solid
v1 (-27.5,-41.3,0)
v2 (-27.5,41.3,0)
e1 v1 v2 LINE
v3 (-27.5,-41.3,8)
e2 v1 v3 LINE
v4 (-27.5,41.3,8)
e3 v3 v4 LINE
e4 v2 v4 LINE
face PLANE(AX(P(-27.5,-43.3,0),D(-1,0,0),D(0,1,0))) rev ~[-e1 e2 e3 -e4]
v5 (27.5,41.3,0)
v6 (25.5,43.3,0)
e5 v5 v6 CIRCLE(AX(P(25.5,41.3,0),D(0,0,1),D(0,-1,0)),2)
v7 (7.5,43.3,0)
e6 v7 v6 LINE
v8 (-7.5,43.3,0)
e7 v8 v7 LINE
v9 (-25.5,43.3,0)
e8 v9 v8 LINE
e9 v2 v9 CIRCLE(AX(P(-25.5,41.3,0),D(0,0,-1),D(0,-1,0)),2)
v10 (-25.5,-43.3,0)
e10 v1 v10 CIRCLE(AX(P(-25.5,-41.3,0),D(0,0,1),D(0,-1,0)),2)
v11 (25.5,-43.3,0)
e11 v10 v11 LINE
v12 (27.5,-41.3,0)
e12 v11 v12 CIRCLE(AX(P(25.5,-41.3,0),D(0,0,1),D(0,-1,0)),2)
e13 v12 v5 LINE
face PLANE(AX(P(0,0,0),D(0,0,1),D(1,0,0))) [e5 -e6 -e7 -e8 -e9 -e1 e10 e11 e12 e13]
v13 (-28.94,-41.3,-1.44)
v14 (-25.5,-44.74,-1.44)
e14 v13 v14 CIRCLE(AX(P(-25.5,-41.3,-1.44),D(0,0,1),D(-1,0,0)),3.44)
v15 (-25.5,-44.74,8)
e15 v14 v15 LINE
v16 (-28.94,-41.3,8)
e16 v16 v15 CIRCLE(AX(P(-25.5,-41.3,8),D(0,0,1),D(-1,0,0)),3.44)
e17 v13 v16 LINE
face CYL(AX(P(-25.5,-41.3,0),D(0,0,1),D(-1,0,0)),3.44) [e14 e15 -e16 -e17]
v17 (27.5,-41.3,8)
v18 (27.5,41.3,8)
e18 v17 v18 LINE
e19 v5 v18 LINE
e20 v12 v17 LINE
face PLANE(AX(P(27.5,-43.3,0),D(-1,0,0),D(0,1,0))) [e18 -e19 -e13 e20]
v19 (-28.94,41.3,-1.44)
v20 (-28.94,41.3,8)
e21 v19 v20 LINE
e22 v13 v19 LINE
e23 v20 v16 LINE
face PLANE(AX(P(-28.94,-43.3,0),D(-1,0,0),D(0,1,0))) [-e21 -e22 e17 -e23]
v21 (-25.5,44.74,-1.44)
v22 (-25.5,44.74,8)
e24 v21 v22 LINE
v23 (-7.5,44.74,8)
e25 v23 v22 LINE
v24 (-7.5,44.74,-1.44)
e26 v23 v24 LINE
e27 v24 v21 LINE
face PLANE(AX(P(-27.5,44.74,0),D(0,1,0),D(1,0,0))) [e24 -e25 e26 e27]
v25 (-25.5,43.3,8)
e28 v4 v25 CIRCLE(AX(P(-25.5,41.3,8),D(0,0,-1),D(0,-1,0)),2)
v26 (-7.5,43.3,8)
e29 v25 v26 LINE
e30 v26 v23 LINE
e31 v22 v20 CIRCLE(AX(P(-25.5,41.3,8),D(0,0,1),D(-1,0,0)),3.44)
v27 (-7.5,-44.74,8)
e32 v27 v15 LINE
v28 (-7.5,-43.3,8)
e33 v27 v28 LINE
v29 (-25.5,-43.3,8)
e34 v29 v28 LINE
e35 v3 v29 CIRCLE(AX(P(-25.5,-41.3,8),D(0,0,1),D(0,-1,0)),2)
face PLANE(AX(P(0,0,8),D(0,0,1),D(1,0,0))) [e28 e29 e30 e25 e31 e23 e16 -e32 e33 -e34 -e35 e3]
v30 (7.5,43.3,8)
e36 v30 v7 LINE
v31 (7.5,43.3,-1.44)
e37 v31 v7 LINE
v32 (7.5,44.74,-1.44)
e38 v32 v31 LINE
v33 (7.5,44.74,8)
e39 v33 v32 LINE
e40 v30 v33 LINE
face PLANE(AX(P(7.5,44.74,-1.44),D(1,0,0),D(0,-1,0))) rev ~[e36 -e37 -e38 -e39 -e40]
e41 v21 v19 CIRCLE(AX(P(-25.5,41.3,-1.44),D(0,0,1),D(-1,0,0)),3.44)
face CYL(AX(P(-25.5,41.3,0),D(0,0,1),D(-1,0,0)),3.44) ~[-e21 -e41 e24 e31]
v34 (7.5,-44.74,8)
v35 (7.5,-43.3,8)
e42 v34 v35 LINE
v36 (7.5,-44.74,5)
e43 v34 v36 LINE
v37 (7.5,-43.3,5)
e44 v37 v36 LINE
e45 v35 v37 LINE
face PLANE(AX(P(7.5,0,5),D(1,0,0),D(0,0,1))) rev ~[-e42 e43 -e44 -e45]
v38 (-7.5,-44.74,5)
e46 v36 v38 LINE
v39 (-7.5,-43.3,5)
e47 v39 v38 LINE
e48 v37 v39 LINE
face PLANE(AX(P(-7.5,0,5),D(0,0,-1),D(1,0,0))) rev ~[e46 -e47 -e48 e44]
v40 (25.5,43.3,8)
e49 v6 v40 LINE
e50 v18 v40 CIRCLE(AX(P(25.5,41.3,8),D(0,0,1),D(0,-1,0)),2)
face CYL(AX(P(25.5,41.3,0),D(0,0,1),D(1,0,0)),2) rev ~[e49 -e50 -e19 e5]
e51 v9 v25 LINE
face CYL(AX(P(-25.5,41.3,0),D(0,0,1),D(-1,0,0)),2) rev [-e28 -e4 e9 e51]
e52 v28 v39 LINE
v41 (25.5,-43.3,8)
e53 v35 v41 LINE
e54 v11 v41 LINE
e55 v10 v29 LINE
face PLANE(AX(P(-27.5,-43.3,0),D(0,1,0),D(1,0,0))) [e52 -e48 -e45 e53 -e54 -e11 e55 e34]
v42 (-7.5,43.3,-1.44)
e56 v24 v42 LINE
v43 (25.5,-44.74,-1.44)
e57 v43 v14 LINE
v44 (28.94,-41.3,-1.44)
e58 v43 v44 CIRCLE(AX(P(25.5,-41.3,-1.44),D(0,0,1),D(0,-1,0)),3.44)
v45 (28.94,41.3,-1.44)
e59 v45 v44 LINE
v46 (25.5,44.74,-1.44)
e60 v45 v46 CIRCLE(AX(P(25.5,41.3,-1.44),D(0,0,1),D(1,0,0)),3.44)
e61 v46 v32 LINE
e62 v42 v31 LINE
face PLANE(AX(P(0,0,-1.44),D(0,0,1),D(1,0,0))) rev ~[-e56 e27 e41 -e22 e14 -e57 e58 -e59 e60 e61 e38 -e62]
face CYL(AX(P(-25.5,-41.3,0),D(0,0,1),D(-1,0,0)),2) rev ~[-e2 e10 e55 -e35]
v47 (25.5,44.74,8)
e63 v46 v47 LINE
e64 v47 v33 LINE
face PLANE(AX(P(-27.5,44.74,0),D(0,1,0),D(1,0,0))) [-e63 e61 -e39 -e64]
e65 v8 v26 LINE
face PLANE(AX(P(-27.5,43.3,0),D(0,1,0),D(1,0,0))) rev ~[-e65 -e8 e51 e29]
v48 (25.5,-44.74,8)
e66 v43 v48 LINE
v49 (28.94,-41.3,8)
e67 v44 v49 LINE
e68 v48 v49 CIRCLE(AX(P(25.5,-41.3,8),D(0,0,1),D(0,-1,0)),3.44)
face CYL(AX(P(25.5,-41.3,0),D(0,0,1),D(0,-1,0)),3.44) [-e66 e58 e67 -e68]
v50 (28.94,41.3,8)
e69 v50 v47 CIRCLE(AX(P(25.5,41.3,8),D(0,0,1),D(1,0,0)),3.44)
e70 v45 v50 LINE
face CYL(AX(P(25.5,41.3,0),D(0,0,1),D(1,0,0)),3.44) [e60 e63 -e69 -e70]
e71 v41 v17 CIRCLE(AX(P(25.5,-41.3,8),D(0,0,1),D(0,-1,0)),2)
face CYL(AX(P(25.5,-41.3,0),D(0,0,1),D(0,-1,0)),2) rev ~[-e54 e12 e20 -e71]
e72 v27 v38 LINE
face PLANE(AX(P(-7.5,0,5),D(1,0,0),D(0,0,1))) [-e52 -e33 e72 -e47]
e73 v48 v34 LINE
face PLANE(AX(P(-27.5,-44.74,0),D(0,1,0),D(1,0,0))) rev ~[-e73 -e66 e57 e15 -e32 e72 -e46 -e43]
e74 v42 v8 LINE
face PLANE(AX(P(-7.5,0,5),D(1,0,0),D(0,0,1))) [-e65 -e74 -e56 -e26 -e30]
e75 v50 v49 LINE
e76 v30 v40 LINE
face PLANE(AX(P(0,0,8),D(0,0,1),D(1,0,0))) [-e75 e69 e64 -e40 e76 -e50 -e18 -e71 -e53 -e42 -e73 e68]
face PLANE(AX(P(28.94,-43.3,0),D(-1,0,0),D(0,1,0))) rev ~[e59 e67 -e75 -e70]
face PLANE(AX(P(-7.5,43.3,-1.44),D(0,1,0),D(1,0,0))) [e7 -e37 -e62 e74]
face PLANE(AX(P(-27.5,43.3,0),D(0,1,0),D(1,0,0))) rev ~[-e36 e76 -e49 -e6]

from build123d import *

# Parameters (mm, degrees)
F0_W     = 55
F0_H     = 86.6
F1_DEPTH = 8
F2_R     = 2
F3_T     = 1.44
F4_W     = 15
F4_H     = 3
F5_DEPTH = 48.1
F6_W     = 15
F6_H     = 1.44
F7_DEPTH = 25


with BuildPart() as f1:
    # F0 (on Top) → F1 (new body)
    with BuildSketch(Plane.XY):
        Rectangle(F0_W, F0_H)
    extrude(amount=F1_DEPTH)

    # F2
    f2_edges = [f1.edges().sort_by_distance(p)[0] for p in [
        (-27.5, -43.3, 4),
        (27.5, -43.3, 4),
        (27.5, 43.3, 4),
        (-27.5, 43.3, 4),
    ]]
    fillet(f2_edges, radius=F2_R)

    # F3
    f3_openings = [f1.faces().sort_by_distance(p)[0] for p in [
        (0, 0, 8),
    ]]
    offset(amount=F3_T, openings=f3_openings, kind=Kind.INTERSECTION)

    # F4 (on Front) → F5 (cut, symmetric)
    with BuildSketch(Plane.XZ):
        with Locations((0, 6.5)):
            Rectangle(F4_W, F4_H)
    extrude(amount=F5_DEPTH, both=True, mode=Mode.SUBTRACT)

    # F6 (on face) → F7 (cut)
    with BuildSketch(Plane(origin=(0, 0, -1.44), x_dir=(1, 0, 0), z_dir=(0, 0, -1))):
        with Locations((0, -44.02)):
            Rectangle(F6_W, F6_H)
    extrude(amount=-F7_DEPTH, mode=Mode.SUBTRACT)


solid = f1.part
